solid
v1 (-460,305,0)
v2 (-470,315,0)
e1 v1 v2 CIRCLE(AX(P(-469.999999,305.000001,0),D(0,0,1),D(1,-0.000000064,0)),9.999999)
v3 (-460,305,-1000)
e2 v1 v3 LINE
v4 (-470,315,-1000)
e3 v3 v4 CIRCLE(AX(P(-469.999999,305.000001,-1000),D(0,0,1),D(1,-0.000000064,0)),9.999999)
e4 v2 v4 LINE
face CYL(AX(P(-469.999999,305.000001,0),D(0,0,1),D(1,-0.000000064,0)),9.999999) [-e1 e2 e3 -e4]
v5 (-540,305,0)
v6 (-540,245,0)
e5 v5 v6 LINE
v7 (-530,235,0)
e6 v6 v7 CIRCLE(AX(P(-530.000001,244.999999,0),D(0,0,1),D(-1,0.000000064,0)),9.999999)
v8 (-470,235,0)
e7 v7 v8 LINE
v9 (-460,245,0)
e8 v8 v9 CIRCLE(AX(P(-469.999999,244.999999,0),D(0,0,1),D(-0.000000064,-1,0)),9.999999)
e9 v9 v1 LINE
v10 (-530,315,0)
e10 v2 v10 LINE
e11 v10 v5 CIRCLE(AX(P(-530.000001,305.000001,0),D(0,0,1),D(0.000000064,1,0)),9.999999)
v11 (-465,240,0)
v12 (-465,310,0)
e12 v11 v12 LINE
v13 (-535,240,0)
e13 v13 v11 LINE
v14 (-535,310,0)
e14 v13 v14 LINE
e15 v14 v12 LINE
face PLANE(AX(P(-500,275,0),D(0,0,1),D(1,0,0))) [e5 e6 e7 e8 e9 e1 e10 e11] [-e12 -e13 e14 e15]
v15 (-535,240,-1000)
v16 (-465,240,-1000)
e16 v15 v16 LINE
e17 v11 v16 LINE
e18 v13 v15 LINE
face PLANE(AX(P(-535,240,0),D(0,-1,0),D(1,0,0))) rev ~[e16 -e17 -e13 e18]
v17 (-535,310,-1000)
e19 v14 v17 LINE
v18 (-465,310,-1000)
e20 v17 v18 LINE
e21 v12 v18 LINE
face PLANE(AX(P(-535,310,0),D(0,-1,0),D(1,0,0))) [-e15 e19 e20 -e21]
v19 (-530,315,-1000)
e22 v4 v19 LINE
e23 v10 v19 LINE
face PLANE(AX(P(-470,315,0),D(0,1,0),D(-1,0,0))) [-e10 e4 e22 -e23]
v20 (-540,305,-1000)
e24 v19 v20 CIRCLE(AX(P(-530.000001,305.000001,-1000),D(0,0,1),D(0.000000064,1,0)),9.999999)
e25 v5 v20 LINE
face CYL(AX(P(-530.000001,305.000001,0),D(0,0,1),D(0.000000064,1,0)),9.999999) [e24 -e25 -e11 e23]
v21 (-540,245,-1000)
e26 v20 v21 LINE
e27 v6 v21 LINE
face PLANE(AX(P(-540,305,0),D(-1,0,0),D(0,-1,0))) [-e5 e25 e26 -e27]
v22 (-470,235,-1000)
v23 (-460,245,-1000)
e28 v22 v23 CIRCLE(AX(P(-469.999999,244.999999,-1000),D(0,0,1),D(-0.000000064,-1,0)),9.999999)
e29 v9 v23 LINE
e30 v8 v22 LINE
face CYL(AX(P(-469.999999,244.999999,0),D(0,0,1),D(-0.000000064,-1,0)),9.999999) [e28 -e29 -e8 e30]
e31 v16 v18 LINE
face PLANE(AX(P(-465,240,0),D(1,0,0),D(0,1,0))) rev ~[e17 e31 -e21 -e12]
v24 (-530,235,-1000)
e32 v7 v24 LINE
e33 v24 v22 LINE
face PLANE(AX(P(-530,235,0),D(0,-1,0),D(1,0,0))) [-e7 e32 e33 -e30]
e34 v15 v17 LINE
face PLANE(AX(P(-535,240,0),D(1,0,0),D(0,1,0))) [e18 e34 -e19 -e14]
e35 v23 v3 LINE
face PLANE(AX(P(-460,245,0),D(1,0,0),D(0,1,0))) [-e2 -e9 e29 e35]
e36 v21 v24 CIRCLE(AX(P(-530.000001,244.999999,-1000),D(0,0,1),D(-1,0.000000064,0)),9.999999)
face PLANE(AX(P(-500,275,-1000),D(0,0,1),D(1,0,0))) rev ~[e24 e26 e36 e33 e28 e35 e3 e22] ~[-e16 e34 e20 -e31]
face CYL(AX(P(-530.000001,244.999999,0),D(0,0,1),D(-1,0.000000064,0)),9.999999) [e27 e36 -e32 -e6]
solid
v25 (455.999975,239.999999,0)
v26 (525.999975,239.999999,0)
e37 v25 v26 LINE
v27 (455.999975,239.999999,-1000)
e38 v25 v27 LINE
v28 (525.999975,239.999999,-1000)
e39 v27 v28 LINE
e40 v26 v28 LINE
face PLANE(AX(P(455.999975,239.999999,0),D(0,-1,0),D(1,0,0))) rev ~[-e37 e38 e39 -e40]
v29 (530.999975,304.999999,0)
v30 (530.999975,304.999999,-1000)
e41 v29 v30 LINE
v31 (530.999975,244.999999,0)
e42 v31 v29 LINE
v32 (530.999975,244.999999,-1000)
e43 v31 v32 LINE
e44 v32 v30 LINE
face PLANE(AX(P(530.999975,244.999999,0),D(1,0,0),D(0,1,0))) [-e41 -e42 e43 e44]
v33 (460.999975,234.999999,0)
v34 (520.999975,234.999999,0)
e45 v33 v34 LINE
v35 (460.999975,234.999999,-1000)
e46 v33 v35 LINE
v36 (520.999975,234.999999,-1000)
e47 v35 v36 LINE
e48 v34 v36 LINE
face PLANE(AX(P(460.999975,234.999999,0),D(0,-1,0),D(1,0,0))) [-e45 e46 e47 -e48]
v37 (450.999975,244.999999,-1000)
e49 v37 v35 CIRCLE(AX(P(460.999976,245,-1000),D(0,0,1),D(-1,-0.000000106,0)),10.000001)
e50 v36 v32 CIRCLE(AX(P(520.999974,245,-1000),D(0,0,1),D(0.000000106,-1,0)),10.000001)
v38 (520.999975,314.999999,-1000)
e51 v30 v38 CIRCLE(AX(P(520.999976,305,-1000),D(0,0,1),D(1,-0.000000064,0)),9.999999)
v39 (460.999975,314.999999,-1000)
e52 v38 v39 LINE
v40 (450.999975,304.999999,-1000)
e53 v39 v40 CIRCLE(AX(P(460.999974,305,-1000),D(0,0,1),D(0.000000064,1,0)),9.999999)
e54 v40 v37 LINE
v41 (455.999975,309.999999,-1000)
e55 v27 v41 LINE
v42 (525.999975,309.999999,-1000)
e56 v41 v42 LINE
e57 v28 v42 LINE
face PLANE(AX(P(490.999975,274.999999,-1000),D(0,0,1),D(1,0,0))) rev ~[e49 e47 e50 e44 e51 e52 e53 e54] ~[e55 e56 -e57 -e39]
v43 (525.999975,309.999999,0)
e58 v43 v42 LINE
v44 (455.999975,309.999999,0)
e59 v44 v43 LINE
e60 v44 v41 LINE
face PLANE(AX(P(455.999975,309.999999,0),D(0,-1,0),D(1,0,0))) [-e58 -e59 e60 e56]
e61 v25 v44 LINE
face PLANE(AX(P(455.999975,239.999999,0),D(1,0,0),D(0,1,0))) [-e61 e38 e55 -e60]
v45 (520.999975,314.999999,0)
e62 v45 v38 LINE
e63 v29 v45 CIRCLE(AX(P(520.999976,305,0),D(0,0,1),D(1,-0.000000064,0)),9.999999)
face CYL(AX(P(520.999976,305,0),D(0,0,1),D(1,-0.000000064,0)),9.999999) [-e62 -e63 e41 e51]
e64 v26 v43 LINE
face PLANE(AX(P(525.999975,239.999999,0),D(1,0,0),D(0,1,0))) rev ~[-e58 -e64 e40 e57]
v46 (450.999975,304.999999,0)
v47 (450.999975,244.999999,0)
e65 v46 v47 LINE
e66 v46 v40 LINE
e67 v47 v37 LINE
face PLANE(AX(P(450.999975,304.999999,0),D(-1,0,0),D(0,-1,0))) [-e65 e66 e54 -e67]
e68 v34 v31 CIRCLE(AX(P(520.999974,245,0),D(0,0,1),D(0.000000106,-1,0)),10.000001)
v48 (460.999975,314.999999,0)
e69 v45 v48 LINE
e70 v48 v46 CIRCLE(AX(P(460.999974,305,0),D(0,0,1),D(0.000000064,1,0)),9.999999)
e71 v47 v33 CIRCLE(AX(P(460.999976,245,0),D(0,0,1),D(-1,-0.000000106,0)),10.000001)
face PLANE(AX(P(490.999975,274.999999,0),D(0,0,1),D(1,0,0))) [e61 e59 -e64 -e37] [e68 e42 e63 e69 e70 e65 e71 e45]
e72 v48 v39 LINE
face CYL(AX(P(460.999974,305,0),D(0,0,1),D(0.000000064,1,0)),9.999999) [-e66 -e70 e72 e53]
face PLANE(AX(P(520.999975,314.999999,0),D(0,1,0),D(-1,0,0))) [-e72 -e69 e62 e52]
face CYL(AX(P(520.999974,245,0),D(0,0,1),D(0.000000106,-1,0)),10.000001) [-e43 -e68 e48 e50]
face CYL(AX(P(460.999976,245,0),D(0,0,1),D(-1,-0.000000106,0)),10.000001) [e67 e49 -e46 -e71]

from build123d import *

# Parameters (mm, degrees)
F0_W     = 70
F0_H     = 70
F1_DEPTH = 1000


with BuildPart() as f1:
    # F0 (on Top) → F1 (new body)
    with BuildSketch(Plane.XY):
        with BuildLine():
            Line((-470, 315), (-530, 315))
            ThreePointArc((-530, 315), (-537.071068, 312.071068), (-540, 305))
            Line((-540, 305), (-540, 245))
            ThreePointArc((-540, 245), (-537.071068, 237.928932), (-530, 235))
            Line((-530, 235), (-470, 235))
            ThreePointArc((-470, 235), (-462.928932, 237.928932), (-460, 245))
            Line((-460, 245), (-460, 305))
            ThreePointArc((-460, 305), (-462.928932, 312.071068), (-470, 315))
        make_face()
        with Locations((-500, 275)):
            Rectangle(F0_W, F0_H, mode=Mode.SUBTRACT)
        with BuildLine():
            Line((520.999975, 314.999999), (460.999975, 314.999999))
            ThreePointArc((460.999975, 314.999999), (453.928907, 312.071067), (450.999975, 304.999999))
            Line((450.999975, 304.999999), (450.999975, 244.999999))
            ThreePointArc((450.999975, 244.999999), (453.928907, 237.928932), (460.999975, 234.999999))
            Line((460.999975, 234.999999), (520.999975, 234.999999))
            ThreePointArc((520.999975, 234.999999), (528.071043, 237.928932), (530.999975, 244.999999))
            Line((530.999975, 244.999999), (530.999975, 304.999999))
            ThreePointArc((530.999975, 304.999999), (528.071043, 312.071067), (520.999975, 314.999999))
        make_face()
        with Locations((490.999975, 274.999999)):
            Rectangle(F0_W, F0_H, mode=Mode.SUBTRACT)
    extrude(amount=-F1_DEPTH)


solid = f1.part
